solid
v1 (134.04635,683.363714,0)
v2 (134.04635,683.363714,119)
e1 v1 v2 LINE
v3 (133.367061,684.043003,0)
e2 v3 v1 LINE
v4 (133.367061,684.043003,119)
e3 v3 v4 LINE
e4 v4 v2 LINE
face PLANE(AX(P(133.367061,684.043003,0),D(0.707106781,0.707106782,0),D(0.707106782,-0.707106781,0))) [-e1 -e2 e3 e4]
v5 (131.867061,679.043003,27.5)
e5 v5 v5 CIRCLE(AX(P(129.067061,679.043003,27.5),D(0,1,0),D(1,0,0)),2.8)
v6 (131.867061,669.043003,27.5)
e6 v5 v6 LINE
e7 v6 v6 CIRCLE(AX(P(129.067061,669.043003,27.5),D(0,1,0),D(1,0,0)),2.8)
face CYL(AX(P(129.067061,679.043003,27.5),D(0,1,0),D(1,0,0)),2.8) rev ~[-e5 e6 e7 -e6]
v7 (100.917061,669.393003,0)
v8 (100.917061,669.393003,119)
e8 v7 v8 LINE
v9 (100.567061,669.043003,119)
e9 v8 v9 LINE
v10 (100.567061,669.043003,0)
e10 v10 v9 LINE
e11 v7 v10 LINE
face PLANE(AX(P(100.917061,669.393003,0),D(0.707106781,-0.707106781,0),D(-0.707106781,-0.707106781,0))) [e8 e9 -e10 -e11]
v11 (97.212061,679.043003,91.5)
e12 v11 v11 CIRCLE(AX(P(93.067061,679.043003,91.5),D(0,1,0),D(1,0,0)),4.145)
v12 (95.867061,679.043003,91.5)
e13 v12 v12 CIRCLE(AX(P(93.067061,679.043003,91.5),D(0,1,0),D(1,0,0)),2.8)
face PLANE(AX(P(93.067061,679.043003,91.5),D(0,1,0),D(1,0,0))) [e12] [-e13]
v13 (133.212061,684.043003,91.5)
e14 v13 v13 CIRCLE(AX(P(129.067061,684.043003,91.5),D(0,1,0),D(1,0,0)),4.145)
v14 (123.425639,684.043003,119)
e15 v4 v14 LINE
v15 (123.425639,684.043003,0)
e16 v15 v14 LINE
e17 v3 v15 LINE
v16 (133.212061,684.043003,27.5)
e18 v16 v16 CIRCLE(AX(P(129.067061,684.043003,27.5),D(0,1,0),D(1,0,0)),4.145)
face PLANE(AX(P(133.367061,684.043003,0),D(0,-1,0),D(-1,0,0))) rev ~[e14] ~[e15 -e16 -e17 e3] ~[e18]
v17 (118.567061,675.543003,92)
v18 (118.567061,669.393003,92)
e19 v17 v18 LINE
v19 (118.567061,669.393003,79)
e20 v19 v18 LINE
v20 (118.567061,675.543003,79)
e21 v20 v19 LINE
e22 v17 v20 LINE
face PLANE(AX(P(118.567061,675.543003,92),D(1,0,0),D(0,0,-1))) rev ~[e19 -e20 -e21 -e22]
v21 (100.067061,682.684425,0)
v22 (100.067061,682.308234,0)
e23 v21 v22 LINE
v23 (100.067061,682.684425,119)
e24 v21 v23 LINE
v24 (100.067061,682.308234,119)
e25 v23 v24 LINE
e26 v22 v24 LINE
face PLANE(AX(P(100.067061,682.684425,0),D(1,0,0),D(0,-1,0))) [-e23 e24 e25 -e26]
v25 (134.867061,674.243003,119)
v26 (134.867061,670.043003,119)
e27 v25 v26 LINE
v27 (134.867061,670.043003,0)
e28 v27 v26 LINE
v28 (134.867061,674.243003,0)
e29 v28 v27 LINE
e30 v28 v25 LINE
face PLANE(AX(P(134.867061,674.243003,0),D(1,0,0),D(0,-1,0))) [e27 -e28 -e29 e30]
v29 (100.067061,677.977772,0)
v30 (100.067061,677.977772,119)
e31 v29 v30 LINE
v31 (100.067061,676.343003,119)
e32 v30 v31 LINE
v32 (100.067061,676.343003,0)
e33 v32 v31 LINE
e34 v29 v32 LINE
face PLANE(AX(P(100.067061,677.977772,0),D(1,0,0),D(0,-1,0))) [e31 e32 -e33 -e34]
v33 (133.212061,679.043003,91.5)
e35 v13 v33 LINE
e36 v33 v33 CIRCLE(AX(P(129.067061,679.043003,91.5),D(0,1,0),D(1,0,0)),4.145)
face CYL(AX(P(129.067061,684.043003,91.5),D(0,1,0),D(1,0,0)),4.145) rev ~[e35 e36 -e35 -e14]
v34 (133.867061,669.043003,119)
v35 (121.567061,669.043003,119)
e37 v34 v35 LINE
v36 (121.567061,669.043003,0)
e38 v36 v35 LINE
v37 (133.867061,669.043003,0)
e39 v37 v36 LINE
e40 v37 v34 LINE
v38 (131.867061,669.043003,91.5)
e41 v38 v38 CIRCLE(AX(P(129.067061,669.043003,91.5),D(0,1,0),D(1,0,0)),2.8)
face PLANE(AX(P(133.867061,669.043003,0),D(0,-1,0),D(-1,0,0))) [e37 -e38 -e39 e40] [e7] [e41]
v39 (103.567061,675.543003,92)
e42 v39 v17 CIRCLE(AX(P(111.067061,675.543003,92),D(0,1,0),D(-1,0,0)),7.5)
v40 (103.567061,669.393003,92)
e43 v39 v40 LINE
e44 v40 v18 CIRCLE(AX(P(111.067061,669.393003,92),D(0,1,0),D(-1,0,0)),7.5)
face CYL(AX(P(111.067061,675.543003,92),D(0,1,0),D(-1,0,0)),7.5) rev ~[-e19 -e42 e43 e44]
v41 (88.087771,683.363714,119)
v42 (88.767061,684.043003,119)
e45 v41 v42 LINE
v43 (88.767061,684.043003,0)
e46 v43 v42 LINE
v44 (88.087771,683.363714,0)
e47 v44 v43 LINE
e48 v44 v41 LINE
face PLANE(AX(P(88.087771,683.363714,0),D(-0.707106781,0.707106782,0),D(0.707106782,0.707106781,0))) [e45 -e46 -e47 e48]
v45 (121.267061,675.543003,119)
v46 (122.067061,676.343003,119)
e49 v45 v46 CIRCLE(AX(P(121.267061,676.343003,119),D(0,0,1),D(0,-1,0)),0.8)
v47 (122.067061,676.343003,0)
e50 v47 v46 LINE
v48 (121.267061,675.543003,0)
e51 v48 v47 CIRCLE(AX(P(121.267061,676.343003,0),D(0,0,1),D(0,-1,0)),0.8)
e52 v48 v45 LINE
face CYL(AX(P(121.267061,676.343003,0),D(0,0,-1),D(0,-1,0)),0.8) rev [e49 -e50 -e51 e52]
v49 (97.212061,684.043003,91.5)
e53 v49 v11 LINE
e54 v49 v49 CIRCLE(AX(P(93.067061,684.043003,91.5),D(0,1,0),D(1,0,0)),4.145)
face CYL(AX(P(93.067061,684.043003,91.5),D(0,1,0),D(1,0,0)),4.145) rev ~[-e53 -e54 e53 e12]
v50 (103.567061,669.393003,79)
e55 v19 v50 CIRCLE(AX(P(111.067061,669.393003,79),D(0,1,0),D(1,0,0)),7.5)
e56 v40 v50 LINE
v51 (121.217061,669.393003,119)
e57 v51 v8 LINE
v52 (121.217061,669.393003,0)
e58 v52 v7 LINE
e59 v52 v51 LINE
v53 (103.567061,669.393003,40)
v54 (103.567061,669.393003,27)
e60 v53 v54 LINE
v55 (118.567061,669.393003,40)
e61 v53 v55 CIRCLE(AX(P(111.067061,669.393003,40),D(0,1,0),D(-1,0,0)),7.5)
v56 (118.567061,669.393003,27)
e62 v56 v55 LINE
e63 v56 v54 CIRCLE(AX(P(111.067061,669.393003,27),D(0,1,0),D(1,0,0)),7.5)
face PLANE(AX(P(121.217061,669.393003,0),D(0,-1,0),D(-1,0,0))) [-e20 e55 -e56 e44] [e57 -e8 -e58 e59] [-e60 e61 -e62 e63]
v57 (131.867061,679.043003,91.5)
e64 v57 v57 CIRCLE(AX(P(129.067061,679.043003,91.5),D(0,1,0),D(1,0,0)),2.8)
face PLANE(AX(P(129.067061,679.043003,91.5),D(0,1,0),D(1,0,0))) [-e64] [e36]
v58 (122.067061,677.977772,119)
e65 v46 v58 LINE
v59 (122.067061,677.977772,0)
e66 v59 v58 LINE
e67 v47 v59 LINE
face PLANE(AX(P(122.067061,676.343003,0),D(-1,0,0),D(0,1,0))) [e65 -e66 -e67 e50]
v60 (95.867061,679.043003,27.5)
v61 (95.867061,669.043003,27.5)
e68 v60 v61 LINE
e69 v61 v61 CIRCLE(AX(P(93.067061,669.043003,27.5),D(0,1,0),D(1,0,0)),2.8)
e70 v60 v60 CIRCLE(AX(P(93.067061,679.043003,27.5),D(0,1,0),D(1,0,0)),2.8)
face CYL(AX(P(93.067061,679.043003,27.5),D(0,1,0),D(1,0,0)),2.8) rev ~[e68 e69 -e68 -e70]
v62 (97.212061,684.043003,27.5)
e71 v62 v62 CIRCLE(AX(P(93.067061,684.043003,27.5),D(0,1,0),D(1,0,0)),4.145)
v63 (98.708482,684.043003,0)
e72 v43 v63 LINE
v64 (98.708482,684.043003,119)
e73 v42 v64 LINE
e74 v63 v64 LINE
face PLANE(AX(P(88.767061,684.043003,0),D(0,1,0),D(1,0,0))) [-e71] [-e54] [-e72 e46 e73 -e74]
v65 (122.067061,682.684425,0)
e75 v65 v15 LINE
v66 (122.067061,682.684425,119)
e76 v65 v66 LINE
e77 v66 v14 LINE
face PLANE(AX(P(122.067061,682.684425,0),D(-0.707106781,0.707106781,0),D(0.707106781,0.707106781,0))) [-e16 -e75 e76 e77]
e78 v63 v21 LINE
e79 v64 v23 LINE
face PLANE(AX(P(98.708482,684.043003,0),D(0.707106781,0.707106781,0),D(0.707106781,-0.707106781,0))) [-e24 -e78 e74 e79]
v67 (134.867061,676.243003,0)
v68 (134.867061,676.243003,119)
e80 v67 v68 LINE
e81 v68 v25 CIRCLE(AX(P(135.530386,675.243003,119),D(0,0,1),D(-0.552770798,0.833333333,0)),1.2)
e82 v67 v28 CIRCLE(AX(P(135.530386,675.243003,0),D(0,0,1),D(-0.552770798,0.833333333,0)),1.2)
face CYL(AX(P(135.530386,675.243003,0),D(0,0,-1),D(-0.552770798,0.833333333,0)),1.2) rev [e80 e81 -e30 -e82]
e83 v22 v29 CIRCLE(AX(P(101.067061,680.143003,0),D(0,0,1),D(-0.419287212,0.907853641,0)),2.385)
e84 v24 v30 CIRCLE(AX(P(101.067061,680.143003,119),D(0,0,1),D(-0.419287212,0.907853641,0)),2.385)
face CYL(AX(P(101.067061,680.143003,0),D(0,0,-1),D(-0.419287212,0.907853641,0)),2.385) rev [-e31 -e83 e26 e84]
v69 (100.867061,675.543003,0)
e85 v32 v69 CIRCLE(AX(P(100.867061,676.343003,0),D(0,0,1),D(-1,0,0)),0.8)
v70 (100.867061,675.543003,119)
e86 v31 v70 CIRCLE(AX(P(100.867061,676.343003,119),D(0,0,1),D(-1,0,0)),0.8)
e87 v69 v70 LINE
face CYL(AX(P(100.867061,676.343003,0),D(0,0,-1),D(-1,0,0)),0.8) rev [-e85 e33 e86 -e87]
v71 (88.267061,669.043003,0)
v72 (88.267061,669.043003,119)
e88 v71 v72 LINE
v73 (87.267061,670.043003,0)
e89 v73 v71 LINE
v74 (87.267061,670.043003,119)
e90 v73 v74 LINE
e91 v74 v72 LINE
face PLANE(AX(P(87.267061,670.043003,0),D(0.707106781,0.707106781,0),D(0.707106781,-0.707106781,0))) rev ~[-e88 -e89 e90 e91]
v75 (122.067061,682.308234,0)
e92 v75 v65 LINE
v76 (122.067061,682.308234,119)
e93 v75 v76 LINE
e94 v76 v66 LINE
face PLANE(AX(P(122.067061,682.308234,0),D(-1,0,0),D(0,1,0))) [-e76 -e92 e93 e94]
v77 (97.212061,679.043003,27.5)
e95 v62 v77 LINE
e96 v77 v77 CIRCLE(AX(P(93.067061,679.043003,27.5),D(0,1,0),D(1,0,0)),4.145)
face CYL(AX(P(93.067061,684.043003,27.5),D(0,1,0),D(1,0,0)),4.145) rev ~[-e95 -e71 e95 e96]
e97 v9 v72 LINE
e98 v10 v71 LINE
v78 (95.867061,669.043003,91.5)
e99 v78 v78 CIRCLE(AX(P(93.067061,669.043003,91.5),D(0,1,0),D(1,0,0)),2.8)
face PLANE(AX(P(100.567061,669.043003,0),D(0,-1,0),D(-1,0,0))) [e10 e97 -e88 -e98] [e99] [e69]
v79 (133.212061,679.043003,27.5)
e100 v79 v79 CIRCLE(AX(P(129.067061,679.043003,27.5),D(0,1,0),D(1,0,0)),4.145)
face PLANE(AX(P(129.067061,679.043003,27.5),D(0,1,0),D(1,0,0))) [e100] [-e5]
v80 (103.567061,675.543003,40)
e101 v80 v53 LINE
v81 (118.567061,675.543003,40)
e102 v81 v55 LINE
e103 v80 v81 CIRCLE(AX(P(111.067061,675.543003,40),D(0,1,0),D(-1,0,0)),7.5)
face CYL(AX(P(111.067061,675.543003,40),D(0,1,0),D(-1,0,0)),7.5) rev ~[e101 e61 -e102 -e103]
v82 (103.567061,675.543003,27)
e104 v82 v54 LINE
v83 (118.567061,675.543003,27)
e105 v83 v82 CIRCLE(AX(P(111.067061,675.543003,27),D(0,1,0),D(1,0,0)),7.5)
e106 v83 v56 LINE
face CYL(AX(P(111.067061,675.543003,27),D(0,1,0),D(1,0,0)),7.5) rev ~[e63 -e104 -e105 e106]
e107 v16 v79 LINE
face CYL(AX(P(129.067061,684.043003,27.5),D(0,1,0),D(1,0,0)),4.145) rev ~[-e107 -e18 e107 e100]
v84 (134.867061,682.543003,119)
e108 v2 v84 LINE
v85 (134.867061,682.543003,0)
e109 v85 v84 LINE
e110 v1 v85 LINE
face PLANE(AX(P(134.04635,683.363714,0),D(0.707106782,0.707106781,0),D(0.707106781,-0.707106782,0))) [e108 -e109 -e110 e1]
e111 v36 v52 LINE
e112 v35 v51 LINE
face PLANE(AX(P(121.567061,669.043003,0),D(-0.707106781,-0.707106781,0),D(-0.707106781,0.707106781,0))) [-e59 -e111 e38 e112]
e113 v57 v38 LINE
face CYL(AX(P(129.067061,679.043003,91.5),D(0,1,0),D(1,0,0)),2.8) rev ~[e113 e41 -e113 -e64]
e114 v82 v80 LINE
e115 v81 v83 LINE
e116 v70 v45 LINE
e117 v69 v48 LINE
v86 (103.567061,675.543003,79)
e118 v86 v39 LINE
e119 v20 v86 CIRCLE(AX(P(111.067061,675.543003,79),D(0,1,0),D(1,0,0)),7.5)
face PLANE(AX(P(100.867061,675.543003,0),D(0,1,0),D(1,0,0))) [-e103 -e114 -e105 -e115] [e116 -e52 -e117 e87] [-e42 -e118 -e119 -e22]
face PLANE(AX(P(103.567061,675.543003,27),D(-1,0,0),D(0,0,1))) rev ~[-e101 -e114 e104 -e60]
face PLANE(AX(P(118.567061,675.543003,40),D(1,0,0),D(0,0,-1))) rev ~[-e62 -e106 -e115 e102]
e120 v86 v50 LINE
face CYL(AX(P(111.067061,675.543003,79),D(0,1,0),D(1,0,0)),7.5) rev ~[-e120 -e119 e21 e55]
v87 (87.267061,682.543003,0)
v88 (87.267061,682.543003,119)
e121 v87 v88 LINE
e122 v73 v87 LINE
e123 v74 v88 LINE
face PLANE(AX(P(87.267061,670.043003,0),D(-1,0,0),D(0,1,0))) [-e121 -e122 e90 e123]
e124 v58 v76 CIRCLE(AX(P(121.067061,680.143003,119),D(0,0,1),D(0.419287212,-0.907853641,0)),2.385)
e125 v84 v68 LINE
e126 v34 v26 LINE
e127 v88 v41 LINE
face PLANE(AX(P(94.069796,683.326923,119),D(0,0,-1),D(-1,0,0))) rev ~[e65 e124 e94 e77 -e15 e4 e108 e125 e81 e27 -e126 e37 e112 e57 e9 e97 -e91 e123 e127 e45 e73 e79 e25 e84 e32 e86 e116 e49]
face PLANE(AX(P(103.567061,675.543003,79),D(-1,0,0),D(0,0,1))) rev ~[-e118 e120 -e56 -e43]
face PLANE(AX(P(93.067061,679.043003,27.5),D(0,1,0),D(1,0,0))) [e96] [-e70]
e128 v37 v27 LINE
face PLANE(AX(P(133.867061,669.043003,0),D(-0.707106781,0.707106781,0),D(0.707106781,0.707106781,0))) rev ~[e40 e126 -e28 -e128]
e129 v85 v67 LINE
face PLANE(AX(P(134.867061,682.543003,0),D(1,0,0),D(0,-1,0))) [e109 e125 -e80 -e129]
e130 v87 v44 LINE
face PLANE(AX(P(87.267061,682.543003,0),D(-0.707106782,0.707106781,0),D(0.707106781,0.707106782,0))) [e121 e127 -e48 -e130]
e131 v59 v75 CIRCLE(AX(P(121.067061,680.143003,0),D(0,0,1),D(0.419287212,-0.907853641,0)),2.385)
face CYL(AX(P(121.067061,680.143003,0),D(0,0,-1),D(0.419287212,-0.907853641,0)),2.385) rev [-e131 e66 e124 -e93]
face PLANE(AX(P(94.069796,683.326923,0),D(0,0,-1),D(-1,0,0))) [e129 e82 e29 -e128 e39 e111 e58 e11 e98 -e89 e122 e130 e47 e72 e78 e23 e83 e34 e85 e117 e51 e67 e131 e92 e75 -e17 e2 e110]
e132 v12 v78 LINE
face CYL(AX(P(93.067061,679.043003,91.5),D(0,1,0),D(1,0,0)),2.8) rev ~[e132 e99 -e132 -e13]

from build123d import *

# Parameters (mm, degrees)
EXTRUDE_1_DEPTH     = 119
SKETCH_4_R          = 4.145
CUT_EXTRUDE_2_DEPTH = 5
SKETCH_7_R          = 2.8
CUT_EXTRUDE_3_DEPTH = 10
CUT_EXTRUDE_4_DEPTH = 10


with BuildPart() as part:
    # 草图1 → 凸台-拉伸1 (new body)
    with BuildSketch(Plane.XY):
        Polygon((100.067060811, 682.684424639), (88.767060811, 682.684424639), (88.087771489, 683.363713961), (88.767060811, 684.043003282), (98.708482167, 684.043003282), align=None)
        Polygon((88.767060811, 682.684424639), (88.767060811, 670.543003282), (87.767060811, 669.543003282), (87.267060811, 670.043003282), (87.267060811, 682.543003282), (88.087771489, 683.363713961), align=None)
        with BuildLine():
            ThreePointArc((100.067060811, 682.308234217), (98.682060811, 680.143003282), (100.067060811, 677.977772348))
            Line((100.067060811, 677.977772348), (100.067060811, 676.343003282))
            ThreePointArc((100.067060811, 676.343003282), (100.301375386, 675.777317857), (100.867060811, 675.543003282))
            Line((100.867060811, 675.543003282), (121.267060811, 675.543003282))
            ThreePointArc((121.267060811, 675.543003282), (121.832746236, 675.777317857), (122.067060811, 676.343003282))
            Line((122.067060811, 676.343003282), (122.067060811, 677.977772348))
            ThreePointArc((122.067060811, 677.977772348), (123.452060811, 680.143003282), (122.067060811, 682.308234217))
            Line((122.067060811, 682.308234217), (122.067060811, 682.684424639))
            Line((122.067060811, 682.684424639), (133.367060811, 682.684424639))
            Line((133.367060811, 682.684424639), (133.367060811, 670.543003282))
            Line((133.367060811, 670.543003282), (88.767060811, 670.543003282))
            Line((88.767060811, 670.543003282), (88.767060811, 682.684424639))
            Line((88.767060811, 682.684424639), (100.067060811, 682.684424639))
            Line((100.067060811, 682.684424639), (100.067060811, 682.308234217))
        make_face()
        Polygon((88.767060811, 670.543003282), (133.367060811, 670.543003282), (134.367060811, 669.543003282), (133.867060811, 669.043003282), (121.567060811, 669.043003282), (121.217060811, 669.393003282), (100.917060811, 669.393003282), (100.567060811, 669.043003282), (88.267060811, 669.043003282), (87.767060811, 669.543003282), align=None)
        Polygon((133.367060811, 682.684424639), (122.067060811, 682.684424639), (123.425639455, 684.043003282), (123.667060811, 684.043003282), (133.367060811, 684.043003282), (134.046350133, 683.363713961), align=None)
        with BuildLine():
            ThreePointArc((134.867060811, 676.243003282), (134.330385769, 675.243003282), (134.867060811, 674.243003282))
            Line((134.867060811, 674.243003282), (134.867060811, 670.043003282))
            Line((134.867060811, 670.043003282), (134.367060811, 669.543003282))
            Line((134.367060811, 669.543003282), (133.367060811, 670.543003282))
            Line((133.367060811, 670.543003282), (133.367060811, 682.684424639))
            Line((133.367060811, 682.684424639), (134.046350133, 683.363713961))
            Line((134.046350133, 683.363713961), (134.867060811, 682.543003282))
            Line((134.867060811, 682.543003282), (134.867060811, 676.243003282))
        make_face()
    extrude(amount=EXTRUDE_1_DEPTH)

    # 草图4 → 切除-拉伸2 (cut)
    with BuildSketch(Plane(origin=(0, 684.043003282, 0), x_dir=(1, 0, 0), z_dir=(0, 1, 0))):
        with Locations((93.067060811, -27.5)):
            Circle(SKETCH_4_R)
        with Locations((129.067060811, -27.5)):
            Circle(SKETCH_4_R)
        with Locations((93.067060811, -91.5)):
            Circle(SKETCH_4_R)
        with Locations((129.067060811, -91.5)):
            Circle(SKETCH_4_R)
    extrude(amount=-CUT_EXTRUDE_2_DEPTH, mode=Mode.SUBTRACT)

    # 草图7 → 切除-拉伸3 (cut)
    with BuildSketch(Plane(origin=(0, 679.043003282, 0), x_dir=(1, 0, 0), z_dir=(0, 1, 0))):
        with Locations((93.067060811, -27.5)):
            Circle(SKETCH_7_R)
        with Locations((93.067060811, -91.5)):
            Circle(SKETCH_7_R)
        with Locations((129.067060811, -91.5)):
            Circle(SKETCH_7_R)
        with Locations((129.067060811, -27.5)):
            Circle(SKETCH_7_R)
    extrude(amount=-CUT_EXTRUDE_3_DEPTH, mode=Mode.SUBTRACT)

    # 草图8 → 切除-拉伸4 (cut)
    with BuildSketch(Plane(origin=(0, 675.543003282, 0), x_dir=(1, 0, 0), z_dir=(0, 1, 0))):
        with BuildLine():
            Line((103.567060811, -27), (103.567060811, -40))
            ThreePointArc((103.567060811, -40), (111.067060811, -47.5), (118.567060811, -40))
            Line((118.567060811, -40), (118.567060811, -27))
            ThreePointArc((118.567060811, -27), (111.067060811, -19.5), (103.567060811, -27))
        make_face()
        with BuildLine():
            Line((103.567060811, -79), (103.567060811, -92))
            ThreePointArc((103.567060811, -92), (111.067060811, -99.5), (118.567060811, -92))
            Line((118.567060811, -92), (118.567060811, -79))
            ThreePointArc((118.567060811, -79), (111.067060811, -71.5), (103.567060811, -79))
        make_face()
    extrude(amount=-CUT_EXTRUDE_4_DEPTH, mode=Mode.SUBTRACT)


solid = part.part
